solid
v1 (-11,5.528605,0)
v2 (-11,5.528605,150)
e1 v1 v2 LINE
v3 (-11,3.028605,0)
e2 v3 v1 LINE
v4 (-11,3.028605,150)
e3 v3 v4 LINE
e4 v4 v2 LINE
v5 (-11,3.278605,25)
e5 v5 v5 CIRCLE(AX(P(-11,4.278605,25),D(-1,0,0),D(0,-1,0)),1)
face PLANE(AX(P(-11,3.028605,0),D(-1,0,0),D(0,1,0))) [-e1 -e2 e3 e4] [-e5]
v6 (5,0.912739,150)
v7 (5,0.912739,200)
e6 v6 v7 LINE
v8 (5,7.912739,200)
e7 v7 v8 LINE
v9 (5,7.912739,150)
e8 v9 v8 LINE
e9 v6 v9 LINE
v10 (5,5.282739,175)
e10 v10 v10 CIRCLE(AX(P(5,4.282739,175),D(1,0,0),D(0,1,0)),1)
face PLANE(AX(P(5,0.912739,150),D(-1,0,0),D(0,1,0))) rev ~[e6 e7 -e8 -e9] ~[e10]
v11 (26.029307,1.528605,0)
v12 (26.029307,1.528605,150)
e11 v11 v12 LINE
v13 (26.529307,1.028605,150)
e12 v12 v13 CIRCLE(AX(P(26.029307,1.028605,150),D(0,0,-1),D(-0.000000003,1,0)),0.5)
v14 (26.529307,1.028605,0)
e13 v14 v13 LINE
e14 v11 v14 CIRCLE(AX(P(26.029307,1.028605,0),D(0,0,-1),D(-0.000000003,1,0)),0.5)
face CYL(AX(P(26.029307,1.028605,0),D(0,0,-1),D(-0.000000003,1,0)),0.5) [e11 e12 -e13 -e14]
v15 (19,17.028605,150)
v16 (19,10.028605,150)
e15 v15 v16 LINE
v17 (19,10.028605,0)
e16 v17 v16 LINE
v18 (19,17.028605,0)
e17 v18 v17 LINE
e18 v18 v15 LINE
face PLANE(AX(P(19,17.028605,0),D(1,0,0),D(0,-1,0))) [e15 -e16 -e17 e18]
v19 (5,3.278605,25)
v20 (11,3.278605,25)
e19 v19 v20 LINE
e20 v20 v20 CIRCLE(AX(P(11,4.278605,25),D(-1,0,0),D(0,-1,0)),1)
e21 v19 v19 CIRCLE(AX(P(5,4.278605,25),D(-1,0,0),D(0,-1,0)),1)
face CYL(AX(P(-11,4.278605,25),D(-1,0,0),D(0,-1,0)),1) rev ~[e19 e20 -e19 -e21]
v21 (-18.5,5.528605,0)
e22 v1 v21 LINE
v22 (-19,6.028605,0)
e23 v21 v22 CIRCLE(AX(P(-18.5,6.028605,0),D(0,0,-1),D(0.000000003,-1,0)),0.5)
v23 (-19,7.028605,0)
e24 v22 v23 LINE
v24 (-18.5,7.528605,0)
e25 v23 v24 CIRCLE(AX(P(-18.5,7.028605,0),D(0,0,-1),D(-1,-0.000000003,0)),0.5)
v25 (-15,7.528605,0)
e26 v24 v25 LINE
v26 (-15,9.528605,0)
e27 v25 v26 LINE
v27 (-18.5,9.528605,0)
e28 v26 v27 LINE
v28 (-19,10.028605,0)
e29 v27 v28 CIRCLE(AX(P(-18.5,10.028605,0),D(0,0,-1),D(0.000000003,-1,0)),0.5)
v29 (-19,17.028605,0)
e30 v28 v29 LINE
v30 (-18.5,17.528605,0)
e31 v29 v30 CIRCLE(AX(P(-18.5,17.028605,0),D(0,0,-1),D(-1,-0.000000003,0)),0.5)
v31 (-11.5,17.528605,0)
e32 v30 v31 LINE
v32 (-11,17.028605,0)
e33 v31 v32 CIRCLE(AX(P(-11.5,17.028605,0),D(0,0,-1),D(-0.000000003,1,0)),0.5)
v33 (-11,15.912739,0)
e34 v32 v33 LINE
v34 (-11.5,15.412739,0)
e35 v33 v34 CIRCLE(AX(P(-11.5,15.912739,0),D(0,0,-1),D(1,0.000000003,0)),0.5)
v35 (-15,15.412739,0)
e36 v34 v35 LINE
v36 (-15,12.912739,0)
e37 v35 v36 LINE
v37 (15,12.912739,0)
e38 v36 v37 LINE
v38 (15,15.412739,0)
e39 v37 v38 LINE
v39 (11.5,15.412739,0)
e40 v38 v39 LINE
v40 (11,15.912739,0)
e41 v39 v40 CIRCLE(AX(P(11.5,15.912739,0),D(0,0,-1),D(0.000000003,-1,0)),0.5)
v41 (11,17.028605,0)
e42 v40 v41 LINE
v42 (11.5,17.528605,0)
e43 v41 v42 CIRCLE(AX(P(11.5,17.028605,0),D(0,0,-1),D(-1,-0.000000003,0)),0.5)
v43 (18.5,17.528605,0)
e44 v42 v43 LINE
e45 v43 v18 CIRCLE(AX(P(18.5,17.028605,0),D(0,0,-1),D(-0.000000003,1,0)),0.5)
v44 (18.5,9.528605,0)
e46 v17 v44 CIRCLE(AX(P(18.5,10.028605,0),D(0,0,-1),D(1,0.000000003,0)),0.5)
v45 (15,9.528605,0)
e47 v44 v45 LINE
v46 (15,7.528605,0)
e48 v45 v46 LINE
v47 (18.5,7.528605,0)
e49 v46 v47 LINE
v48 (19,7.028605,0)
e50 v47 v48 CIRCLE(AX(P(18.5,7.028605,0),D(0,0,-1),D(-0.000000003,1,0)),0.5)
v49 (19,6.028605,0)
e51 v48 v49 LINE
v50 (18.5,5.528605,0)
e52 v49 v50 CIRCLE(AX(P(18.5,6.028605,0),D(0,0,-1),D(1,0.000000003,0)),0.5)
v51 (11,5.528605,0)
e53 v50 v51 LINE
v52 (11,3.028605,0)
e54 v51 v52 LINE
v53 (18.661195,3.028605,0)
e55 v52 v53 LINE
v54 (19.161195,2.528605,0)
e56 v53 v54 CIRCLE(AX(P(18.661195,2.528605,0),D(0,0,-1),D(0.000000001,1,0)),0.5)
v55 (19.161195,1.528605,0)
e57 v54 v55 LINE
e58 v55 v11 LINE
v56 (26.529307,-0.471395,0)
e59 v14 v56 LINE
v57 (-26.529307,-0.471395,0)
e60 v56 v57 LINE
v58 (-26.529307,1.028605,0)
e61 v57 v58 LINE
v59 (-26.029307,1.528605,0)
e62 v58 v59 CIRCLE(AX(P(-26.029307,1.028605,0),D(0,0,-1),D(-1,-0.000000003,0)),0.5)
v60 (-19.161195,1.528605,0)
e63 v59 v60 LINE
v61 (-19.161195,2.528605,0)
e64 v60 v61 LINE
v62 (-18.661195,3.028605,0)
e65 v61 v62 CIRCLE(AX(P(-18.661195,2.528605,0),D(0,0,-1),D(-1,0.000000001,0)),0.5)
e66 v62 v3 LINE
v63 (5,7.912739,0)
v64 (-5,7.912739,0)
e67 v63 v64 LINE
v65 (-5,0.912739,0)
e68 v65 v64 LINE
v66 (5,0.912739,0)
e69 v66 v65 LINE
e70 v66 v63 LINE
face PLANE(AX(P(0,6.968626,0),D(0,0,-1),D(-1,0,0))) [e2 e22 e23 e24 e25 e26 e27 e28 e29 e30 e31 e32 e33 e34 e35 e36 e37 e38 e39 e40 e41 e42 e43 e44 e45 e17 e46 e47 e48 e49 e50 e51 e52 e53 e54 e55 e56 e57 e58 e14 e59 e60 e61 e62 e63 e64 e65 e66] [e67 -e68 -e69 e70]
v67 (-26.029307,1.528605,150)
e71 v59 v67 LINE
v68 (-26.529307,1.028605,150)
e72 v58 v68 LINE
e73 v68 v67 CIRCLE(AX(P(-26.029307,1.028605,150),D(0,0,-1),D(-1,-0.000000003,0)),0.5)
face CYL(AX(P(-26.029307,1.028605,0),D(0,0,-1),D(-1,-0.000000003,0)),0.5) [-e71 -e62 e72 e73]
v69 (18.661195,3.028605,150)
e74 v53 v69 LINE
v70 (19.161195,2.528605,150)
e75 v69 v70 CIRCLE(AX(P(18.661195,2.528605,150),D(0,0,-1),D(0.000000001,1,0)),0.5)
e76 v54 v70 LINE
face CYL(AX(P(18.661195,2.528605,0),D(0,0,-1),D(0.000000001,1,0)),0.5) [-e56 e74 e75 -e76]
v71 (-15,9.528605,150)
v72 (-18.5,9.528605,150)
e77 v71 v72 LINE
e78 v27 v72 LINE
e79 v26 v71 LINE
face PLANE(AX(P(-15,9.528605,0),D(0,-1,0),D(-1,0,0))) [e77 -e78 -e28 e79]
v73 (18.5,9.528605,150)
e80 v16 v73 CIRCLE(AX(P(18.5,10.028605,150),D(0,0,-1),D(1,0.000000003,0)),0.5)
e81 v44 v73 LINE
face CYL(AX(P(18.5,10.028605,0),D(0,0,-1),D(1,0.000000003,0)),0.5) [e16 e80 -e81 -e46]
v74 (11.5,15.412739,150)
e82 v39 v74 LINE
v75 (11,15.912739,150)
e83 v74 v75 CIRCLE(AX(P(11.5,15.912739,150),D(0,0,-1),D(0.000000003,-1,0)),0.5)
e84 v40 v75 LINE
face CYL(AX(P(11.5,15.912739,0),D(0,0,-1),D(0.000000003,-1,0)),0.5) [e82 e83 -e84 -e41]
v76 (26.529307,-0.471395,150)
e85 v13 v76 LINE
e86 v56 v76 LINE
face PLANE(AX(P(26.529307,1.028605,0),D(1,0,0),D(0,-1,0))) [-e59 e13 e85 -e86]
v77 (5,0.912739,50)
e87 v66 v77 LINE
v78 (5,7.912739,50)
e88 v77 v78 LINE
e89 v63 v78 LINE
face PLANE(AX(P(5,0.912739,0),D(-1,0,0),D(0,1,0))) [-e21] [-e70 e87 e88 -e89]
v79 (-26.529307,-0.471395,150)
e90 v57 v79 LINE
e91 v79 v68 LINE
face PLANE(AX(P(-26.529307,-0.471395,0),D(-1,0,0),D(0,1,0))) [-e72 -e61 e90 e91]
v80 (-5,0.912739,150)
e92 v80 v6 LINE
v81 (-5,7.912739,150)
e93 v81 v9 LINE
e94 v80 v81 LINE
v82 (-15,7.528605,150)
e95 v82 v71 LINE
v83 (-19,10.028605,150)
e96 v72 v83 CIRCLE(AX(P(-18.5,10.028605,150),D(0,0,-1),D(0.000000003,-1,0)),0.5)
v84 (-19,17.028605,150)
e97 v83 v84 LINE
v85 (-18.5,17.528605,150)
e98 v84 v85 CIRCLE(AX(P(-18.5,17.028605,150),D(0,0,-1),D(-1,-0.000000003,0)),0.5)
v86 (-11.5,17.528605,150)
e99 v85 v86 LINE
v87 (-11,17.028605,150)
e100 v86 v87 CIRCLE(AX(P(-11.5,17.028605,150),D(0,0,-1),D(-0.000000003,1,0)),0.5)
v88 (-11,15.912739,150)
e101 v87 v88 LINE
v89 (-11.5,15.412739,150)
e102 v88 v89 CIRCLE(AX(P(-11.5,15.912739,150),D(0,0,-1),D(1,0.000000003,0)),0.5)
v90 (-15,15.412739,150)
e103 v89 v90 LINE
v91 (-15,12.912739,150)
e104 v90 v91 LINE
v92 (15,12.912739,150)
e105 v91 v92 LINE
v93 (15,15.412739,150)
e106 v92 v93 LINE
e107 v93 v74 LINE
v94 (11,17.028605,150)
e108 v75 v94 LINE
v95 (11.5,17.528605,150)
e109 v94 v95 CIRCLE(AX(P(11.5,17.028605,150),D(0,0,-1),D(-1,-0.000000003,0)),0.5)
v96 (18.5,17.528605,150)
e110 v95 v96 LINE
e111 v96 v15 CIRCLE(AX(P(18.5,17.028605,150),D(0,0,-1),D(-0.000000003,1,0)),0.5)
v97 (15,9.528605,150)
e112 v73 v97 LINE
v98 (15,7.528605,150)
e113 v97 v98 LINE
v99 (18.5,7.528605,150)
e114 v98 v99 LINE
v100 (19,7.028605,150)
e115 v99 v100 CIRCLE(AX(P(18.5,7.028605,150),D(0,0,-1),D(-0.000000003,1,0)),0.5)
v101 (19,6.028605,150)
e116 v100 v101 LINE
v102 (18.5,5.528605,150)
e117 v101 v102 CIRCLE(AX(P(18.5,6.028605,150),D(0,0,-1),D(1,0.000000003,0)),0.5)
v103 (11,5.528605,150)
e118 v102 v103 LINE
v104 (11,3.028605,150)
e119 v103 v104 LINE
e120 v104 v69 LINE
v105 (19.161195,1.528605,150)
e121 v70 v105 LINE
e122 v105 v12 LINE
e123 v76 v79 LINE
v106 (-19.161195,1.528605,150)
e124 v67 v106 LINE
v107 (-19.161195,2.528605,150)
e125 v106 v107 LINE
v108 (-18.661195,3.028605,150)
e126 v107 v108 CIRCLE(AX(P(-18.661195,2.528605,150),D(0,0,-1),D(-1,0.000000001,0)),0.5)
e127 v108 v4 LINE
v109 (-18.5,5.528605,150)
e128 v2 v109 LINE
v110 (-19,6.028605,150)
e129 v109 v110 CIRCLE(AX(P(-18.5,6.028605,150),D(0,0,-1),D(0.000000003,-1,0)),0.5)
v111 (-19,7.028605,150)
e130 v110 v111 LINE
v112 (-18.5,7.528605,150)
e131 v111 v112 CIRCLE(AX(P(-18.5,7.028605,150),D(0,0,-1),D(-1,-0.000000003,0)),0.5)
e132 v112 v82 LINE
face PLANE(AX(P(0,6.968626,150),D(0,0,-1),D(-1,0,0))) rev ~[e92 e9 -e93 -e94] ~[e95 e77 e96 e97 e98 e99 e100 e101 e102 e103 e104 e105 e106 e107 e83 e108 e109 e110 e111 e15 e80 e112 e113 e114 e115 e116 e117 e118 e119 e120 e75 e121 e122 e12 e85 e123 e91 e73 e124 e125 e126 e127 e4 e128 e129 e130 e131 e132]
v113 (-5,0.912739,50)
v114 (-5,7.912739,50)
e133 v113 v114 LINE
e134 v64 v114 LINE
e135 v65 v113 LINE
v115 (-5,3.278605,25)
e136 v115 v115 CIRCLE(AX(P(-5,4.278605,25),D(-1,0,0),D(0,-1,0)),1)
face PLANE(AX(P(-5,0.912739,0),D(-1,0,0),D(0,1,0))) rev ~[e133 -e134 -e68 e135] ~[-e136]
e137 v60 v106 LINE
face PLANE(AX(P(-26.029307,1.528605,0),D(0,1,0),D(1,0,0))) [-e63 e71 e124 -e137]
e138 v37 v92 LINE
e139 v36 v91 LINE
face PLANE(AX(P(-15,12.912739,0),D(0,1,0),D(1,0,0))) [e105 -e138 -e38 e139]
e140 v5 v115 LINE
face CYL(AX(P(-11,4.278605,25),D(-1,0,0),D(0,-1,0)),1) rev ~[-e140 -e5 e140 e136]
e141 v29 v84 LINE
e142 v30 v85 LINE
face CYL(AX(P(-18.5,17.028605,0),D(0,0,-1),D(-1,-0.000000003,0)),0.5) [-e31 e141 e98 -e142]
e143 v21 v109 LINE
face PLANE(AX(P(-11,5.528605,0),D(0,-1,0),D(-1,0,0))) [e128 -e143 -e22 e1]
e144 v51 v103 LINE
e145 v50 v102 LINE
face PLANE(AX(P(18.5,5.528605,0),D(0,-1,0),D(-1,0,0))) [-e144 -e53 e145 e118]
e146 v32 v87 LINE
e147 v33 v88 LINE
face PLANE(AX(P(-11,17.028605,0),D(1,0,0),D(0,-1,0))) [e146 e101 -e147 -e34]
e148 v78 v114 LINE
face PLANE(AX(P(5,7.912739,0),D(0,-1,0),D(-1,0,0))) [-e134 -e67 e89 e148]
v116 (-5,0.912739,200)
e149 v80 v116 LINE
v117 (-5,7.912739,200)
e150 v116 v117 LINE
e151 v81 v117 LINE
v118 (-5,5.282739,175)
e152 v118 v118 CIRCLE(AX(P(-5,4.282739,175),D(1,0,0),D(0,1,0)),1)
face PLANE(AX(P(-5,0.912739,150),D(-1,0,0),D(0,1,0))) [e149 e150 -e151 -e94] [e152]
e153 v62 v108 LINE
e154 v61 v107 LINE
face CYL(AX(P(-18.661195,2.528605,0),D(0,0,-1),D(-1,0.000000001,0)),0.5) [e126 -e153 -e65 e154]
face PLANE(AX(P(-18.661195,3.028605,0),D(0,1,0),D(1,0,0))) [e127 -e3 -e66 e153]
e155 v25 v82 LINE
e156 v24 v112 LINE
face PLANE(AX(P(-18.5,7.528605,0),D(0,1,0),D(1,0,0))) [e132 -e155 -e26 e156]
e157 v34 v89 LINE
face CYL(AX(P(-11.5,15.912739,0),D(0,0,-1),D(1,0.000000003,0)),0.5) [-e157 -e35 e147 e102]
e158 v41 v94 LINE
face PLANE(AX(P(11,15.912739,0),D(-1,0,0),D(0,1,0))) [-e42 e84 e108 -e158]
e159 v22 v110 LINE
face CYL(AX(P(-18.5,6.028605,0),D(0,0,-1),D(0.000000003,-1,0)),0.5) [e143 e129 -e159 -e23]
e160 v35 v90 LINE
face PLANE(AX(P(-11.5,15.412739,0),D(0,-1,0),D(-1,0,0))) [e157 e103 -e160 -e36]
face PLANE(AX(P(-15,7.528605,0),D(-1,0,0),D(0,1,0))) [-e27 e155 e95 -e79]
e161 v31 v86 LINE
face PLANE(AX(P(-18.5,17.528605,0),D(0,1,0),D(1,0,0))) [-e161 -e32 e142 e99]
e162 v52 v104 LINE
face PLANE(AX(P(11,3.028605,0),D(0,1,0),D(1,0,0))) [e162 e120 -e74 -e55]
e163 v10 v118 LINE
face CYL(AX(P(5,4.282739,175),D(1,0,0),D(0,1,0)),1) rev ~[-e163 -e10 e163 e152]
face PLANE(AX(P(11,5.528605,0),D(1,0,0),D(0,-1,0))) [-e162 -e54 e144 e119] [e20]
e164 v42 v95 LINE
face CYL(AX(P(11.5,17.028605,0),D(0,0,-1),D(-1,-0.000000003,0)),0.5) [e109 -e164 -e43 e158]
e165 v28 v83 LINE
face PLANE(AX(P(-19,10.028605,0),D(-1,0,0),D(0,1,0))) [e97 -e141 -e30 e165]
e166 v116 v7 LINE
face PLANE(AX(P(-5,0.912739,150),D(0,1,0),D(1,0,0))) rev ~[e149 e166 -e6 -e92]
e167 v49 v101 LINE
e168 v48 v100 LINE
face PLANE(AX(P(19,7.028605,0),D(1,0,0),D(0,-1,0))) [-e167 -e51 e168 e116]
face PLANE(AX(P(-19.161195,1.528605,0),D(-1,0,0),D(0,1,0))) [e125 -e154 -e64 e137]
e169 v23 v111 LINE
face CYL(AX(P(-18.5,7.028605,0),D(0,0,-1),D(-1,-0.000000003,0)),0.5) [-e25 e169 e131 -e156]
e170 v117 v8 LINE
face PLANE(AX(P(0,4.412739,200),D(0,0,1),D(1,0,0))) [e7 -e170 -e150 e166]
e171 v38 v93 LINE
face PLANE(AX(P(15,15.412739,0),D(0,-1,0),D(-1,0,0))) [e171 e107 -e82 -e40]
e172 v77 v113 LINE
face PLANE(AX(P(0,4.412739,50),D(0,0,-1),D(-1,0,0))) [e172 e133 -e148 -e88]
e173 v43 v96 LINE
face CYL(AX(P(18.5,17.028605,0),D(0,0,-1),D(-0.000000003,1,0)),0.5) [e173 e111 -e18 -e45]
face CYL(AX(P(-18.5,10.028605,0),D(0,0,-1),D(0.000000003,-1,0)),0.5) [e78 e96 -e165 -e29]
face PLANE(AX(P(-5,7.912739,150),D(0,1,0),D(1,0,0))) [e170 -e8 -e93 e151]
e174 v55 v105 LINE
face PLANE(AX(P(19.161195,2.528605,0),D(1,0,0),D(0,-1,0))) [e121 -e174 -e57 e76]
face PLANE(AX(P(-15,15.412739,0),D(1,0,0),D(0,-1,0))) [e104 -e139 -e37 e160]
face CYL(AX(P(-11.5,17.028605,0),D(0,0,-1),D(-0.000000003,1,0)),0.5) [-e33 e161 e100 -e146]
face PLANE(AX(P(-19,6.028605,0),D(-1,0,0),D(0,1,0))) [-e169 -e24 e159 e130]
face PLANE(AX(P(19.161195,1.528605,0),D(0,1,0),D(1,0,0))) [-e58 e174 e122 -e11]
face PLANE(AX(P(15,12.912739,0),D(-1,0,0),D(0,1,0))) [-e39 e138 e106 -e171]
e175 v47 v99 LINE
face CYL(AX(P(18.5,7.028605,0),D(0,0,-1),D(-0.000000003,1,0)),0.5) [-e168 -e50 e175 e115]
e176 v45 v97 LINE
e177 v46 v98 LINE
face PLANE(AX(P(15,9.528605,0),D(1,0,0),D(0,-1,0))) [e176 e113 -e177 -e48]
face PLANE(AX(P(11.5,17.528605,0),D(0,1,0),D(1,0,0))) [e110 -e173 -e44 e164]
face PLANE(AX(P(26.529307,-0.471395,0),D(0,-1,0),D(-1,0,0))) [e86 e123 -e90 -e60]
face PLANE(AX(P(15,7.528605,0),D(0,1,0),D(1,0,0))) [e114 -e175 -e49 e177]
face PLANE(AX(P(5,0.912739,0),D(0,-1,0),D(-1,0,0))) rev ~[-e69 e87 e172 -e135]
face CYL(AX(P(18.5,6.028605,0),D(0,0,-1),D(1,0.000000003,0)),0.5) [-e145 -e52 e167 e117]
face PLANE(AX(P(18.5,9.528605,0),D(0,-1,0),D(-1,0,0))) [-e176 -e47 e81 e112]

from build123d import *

# Parameters (mm, degrees)
BOSS_EXTRUDE1_DEPTH = 150
SKETCH2_W           = 10
SKETCH2_H           = 7
BOSS_EXTRUDE4_DEPTH = 50
SKETCH4_R           = 1
CUT_EXTRUDE2_DEPTH  = 50
SKETCH5_W           = 10
SKETCH5_H           = 7
CUT_EXTRUDE3_DEPTH  = 50
SKETCH6_R           = 1
CUT_EXTRUDE4_DEPTH  = 100


with BuildPart() as part:
    # Sketch1 → Boss-Extrude1 (new body)
    with BuildSketch(Plane.XY):
        with BuildLine():
            Line((-15, 12.912739296), (15, 12.912739296))
            Line((15, 12.912739296), (15, 15.412739296))
            Line((15, 15.412739296), (11.5, 15.412739296))
            ThreePointArc((11.5, 15.412739296), (11.146446609, 15.559185905), (11, 15.912739296))
            Line((11, 15.912739296), (11, 17.028604707))
            ThreePointArc((11, 17.028604707), (11.146446609, 17.382158098), (11.5, 17.528604707))
            Line((11.5, 17.528604707), (18.5, 17.528604707))
            ThreePointArc((18.5, 17.528604707), (18.853553391, 17.382158098), (19, 17.028604707))
            Line((19, 17.028604707), (19, 10.028604707))
            ThreePointArc((19, 10.028604707), (18.853553391, 9.675051316), (18.5, 9.528604707))
            Line((18.5, 9.528604707), (15, 9.528604707))
            Line((15, 9.528604707), (15, 7.528604707))
            Line((15, 7.528604707), (18.5, 7.528604707))
            ThreePointArc((18.5, 7.528604707), (18.853553391, 7.382158098), (19, 7.028604707))
            Line((19, 7.028604707), (19, 6.028604707))
            ThreePointArc((19, 6.028604707), (18.853553391, 5.675051316), (18.5, 5.528604707))
            Line((18.5, 5.528604707), (11, 5.528604707))
            Line((11, 5.528604707), (11, 3.028604707))
            Line((11, 3.028604707), (18.661195157, 3.028604707))
            ThreePointArc((18.661195157, 3.028604707), (19.014748547, 2.882158098), (19.161195157, 2.528604707))
            Line((19.161195157, 2.528604707), (19.161195157, 1.528604707))
            Line((19.161195157, 1.528604707), (26.029307443, 1.528604707))
            ThreePointArc((26.029307443, 1.528604707), (26.382860834, 1.382158098), (26.529307443, 1.028604707))
            Line((26.529307443, 1.028604707), (26.529307443, -0.471395293))
            Line((26.529307443, -0.471395293), (11.070535665, -0.471395293))
            Line((11.070535665, -0.471395293), (-11.070535665, -0.471395293))
            Line((-11.070535665, -0.471395293), (-26.529307443, -0.471395293))
            Line((-26.529307443, -0.471395293), (-26.529307443, 1.028604707))
            ThreePointArc((-26.529307443, 1.028604707), (-26.382860834, 1.382158098), (-26.029307443, 1.528604707))
            Line((-26.029307443, 1.528604707), (-19.161195157, 1.528604707))
            Line((-19.161195157, 1.528604707), (-19.161195157, 2.528604707))
            ThreePointArc((-19.161195157, 2.528604707), (-19.014748547, 2.882158098), (-18.661195157, 3.028604707))
            Line((-18.661195157, 3.028604707), (-11, 3.028604707))
            Line((-11, 3.028604707), (-11, 5.528604707))
            Line((-11, 5.528604707), (-18.5, 5.528604707))
            ThreePointArc((-18.5, 5.528604707), (-18.853553391, 5.675051316), (-19, 6.028604707))
            Line((-19, 6.028604707), (-19, 7.028604707))
            ThreePointArc((-19, 7.028604707), (-18.853553391, 7.382158098), (-18.5, 7.528604707))
            Line((-18.5, 7.528604707), (-15, 7.528604707))
            Line((-15, 7.528604707), (-15, 9.528604707))
            Line((-15, 9.528604707), (-18.5, 9.528604707))
            ThreePointArc((-18.5, 9.528604707), (-18.853553391, 9.675051316), (-19, 10.028604707))
            Line((-19, 10.028604707), (-19, 17.028604707))
            ThreePointArc((-19, 17.028604707), (-18.853553391, 17.382158098), (-18.5, 17.528604707))
            Line((-18.5, 17.528604707), (-11.5, 17.528604707))
            ThreePointArc((-11.5, 17.528604707), (-11.146446609, 17.382158098), (-11, 17.028604707))
            Line((-11, 17.028604707), (-11, 15.912739296))
            ThreePointArc((-11, 15.912739296), (-11.146446609, 15.559185905), (-11.5, 15.412739296))
            Line((-11.5, 15.412739296), (-15, 15.412739296))
            Line((-15, 15.412739296), (-15, 12.912739296))
        make_face()
    extrude(amount=BOSS_EXTRUDE1_DEPTH)

    # Sketch2 → Boss-Extrude4 (add)
    with BuildSketch(Plane.XY.offset(150)):
        with Locations((0, 4.412739296)):
            Rectangle(SKETCH2_W, SKETCH2_H)
    extrude(amount=BOSS_EXTRUDE4_DEPTH)

    # Sketch4 → Cut-Extrude2 (cut)
    with BuildSketch(Plane(origin=(5, 0, 0), x_dir=(0, 0, -1), z_dir=(1, 0, 0))):
        with Locations(Location((-175, 4.282739296, 0), (0, 0, 90))):
            Circle(SKETCH4_R)
    extrude(amount=-CUT_EXTRUDE2_DEPTH, mode=Mode.SUBTRACT)

    # Sketch5 → Cut-Extrude3 (cut)
    with BuildSketch(Plane(origin=(0, 0, 0), x_dir=(-1, 0, 0), z_dir=(0, 0, -1))):
        with Locations((0, 4.412739296)):
            Rectangle(SKETCH5_W, SKETCH5_H)
    extrude(amount=-CUT_EXTRUDE3_DEPTH, mode=Mode.SUBTRACT)

    # Sketch6 → Cut-Extrude4 (cut)
    with BuildSketch(Plane.ZY.offset(11)):
        with Locations(Location((25, 4.278604707, 0), (0, 0, 270))):
            Circle(SKETCH6_R)
    extrude(amount=-CUT_EXTRUDE4_DEPTH, mode=Mode.SUBTRACT)


solid = part.part
